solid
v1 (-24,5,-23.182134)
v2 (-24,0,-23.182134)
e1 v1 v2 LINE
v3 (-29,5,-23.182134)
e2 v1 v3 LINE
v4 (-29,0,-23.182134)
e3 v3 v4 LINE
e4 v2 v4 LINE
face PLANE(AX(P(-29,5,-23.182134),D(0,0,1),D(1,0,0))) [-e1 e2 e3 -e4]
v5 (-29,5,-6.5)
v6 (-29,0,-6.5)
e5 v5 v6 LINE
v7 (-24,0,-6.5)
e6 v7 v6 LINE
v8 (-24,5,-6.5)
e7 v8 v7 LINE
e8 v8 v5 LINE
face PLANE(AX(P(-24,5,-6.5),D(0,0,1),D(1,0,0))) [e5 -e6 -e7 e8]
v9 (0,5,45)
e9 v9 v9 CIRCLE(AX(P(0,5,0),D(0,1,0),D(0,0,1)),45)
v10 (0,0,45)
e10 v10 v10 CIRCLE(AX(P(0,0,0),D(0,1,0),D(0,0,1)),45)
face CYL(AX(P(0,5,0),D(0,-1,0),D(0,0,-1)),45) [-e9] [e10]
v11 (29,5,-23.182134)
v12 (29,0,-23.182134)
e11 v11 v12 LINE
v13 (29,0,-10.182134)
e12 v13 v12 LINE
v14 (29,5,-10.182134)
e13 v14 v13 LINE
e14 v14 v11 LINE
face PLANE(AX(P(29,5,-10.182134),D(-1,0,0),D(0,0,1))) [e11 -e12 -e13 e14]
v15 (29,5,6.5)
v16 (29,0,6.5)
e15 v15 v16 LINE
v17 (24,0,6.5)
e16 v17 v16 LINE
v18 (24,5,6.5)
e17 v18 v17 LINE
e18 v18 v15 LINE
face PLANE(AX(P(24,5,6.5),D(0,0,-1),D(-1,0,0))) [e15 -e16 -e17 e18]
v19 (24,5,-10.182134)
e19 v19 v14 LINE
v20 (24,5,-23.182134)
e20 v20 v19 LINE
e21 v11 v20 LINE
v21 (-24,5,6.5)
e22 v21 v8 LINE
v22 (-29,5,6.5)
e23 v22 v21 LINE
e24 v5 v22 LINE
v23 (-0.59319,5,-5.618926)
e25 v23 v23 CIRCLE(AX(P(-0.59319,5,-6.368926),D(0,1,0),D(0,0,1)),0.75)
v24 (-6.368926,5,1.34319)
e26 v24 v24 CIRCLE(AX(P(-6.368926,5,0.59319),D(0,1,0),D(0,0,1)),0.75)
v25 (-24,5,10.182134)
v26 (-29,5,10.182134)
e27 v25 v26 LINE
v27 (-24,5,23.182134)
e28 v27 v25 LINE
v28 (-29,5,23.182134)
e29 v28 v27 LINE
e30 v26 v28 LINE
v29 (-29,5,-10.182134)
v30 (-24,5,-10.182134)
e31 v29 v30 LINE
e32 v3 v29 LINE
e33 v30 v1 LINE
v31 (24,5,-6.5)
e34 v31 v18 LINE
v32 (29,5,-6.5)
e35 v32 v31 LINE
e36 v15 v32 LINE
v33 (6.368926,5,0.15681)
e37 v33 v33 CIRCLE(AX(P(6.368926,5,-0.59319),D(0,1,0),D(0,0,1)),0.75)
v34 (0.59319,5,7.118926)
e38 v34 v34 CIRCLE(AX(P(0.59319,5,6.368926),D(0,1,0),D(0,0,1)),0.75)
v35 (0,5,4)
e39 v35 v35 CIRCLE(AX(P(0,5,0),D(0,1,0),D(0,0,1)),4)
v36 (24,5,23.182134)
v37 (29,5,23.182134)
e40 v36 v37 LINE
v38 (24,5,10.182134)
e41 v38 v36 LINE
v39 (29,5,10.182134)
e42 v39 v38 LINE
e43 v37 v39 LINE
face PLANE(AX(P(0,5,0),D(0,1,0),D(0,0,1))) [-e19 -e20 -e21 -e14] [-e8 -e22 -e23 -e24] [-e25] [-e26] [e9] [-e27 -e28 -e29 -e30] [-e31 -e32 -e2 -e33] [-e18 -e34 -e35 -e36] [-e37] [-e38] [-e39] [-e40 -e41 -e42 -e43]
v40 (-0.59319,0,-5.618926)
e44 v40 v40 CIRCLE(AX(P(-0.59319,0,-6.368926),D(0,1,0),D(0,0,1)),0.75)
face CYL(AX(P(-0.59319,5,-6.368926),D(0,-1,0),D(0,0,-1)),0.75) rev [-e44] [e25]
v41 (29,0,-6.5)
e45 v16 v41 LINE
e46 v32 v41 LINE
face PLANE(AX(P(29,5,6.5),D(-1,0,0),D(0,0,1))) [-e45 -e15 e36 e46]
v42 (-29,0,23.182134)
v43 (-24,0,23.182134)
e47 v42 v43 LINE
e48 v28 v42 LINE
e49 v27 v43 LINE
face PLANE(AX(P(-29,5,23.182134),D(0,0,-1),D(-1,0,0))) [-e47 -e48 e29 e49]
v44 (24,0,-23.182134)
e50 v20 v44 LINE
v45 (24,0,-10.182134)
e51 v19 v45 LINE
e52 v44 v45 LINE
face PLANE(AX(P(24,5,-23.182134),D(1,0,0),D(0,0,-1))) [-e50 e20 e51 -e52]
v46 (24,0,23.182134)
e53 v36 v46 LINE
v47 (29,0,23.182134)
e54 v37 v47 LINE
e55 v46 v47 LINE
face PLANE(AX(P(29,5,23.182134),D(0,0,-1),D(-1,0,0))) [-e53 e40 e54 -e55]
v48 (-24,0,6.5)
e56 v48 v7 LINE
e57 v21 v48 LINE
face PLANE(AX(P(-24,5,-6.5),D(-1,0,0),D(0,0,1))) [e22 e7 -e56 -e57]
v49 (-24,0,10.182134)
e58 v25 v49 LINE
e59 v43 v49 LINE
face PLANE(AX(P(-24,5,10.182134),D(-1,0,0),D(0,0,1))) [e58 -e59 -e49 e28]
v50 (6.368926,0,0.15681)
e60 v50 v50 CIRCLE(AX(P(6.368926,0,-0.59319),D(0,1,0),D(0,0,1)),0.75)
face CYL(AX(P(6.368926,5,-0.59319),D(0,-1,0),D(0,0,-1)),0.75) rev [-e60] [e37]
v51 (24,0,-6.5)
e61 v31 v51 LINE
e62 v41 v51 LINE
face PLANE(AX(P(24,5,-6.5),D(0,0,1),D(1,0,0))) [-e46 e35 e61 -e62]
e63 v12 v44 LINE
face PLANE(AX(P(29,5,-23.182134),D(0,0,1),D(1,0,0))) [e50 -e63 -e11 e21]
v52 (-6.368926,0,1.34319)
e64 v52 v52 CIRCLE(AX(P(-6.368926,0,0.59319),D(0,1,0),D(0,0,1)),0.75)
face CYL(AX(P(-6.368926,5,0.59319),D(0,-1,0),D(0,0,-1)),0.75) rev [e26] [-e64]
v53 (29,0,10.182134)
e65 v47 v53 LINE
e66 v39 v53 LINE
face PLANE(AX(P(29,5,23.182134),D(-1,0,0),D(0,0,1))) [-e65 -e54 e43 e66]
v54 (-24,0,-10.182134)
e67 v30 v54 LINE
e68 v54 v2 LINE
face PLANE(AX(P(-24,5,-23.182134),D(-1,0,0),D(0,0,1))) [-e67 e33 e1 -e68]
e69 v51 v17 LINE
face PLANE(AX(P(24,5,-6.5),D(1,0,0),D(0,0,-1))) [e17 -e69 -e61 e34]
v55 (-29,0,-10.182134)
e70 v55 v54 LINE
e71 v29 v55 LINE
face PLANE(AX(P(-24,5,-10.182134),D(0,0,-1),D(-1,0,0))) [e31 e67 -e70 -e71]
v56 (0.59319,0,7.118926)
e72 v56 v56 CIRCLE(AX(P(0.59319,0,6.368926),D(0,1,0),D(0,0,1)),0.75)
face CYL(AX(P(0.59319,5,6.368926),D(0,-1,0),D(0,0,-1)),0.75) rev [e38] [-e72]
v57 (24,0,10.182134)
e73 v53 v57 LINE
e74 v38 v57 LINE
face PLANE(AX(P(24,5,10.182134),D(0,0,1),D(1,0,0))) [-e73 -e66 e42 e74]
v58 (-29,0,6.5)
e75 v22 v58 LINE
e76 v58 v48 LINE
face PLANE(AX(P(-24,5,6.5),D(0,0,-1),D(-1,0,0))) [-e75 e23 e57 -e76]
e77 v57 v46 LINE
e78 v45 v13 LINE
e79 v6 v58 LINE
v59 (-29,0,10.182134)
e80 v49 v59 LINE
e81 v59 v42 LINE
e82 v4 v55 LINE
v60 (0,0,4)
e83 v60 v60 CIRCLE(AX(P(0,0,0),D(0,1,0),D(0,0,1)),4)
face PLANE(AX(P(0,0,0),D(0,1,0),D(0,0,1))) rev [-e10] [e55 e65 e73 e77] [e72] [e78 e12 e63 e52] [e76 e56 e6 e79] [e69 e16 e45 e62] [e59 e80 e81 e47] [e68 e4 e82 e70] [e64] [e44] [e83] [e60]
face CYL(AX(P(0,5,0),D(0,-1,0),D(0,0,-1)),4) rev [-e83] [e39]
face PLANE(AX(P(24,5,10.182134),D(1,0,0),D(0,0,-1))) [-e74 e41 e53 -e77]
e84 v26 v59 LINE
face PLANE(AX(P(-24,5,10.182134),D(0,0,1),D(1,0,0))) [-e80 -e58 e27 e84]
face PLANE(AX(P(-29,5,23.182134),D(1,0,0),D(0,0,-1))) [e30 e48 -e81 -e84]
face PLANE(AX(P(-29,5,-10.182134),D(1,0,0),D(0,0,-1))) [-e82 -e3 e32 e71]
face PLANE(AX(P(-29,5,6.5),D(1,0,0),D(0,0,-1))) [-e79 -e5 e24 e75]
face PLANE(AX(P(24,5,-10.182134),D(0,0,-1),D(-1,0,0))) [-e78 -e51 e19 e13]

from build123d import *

# Parameters (mm, degrees)
SKETCH1_R           = 45
SKETCH1_R_2         = 4
SKETCH1_R_3         = 0.75
SKETCH1_W           = 5
SKETCH1_H           = 13
BOSS_EXTRUDE1_DEPTH = 5


with BuildPart() as part:
    # Sketch1 → Boss-Extrude1 (new body)
    with BuildSketch(Plane(origin=(0, 0, 0), x_dir=(1, 0, 0), z_dir=(0, 1, 0))):
        Circle(SKETCH1_R)
        Circle(SKETCH1_R_2, mode=Mode.SUBTRACT)
        with Locations((6.368925704, 0.593189593)):
            Circle(SKETCH1_R_3, mode=Mode.SUBTRACT)
        with Locations((0.593189593, -6.368925704)):
            Circle(SKETCH1_R_3, mode=Mode.SUBTRACT)
        with Locations((-0.593189593, 6.368925704)):
            Circle(SKETCH1_R_3, mode=Mode.SUBTRACT)
        with Locations((-6.368925704, -0.593189593)):
            Circle(SKETCH1_R_3, mode=Mode.SUBTRACT)
        with Locations((26.5, -16.682134432)):
            Rectangle(SKETCH1_W, SKETCH1_H, mode=Mode.SUBTRACT)
        with Locations((26.5, 16.682134432)):
            Rectangle(SKETCH1_W, SKETCH1_H, mode=Mode.SUBTRACT)
        with Locations((-26.5, -16.682134432)):
            Rectangle(SKETCH1_W, SKETCH1_H, mode=Mode.SUBTRACT)
        with Locations((26.5, 0)):
            Rectangle(SKETCH1_W, SKETCH1_H, mode=Mode.SUBTRACT)
        with Locations((-26.5, 0)):
            Rectangle(SKETCH1_W, SKETCH1_H, mode=Mode.SUBTRACT)
        with Locations((-26.5, 16.682134432)):
            Rectangle(SKETCH1_W, SKETCH1_H, mode=Mode.SUBTRACT)
    extrude(amount=BOSS_EXTRUDE1_DEPTH)


solid = part.part
